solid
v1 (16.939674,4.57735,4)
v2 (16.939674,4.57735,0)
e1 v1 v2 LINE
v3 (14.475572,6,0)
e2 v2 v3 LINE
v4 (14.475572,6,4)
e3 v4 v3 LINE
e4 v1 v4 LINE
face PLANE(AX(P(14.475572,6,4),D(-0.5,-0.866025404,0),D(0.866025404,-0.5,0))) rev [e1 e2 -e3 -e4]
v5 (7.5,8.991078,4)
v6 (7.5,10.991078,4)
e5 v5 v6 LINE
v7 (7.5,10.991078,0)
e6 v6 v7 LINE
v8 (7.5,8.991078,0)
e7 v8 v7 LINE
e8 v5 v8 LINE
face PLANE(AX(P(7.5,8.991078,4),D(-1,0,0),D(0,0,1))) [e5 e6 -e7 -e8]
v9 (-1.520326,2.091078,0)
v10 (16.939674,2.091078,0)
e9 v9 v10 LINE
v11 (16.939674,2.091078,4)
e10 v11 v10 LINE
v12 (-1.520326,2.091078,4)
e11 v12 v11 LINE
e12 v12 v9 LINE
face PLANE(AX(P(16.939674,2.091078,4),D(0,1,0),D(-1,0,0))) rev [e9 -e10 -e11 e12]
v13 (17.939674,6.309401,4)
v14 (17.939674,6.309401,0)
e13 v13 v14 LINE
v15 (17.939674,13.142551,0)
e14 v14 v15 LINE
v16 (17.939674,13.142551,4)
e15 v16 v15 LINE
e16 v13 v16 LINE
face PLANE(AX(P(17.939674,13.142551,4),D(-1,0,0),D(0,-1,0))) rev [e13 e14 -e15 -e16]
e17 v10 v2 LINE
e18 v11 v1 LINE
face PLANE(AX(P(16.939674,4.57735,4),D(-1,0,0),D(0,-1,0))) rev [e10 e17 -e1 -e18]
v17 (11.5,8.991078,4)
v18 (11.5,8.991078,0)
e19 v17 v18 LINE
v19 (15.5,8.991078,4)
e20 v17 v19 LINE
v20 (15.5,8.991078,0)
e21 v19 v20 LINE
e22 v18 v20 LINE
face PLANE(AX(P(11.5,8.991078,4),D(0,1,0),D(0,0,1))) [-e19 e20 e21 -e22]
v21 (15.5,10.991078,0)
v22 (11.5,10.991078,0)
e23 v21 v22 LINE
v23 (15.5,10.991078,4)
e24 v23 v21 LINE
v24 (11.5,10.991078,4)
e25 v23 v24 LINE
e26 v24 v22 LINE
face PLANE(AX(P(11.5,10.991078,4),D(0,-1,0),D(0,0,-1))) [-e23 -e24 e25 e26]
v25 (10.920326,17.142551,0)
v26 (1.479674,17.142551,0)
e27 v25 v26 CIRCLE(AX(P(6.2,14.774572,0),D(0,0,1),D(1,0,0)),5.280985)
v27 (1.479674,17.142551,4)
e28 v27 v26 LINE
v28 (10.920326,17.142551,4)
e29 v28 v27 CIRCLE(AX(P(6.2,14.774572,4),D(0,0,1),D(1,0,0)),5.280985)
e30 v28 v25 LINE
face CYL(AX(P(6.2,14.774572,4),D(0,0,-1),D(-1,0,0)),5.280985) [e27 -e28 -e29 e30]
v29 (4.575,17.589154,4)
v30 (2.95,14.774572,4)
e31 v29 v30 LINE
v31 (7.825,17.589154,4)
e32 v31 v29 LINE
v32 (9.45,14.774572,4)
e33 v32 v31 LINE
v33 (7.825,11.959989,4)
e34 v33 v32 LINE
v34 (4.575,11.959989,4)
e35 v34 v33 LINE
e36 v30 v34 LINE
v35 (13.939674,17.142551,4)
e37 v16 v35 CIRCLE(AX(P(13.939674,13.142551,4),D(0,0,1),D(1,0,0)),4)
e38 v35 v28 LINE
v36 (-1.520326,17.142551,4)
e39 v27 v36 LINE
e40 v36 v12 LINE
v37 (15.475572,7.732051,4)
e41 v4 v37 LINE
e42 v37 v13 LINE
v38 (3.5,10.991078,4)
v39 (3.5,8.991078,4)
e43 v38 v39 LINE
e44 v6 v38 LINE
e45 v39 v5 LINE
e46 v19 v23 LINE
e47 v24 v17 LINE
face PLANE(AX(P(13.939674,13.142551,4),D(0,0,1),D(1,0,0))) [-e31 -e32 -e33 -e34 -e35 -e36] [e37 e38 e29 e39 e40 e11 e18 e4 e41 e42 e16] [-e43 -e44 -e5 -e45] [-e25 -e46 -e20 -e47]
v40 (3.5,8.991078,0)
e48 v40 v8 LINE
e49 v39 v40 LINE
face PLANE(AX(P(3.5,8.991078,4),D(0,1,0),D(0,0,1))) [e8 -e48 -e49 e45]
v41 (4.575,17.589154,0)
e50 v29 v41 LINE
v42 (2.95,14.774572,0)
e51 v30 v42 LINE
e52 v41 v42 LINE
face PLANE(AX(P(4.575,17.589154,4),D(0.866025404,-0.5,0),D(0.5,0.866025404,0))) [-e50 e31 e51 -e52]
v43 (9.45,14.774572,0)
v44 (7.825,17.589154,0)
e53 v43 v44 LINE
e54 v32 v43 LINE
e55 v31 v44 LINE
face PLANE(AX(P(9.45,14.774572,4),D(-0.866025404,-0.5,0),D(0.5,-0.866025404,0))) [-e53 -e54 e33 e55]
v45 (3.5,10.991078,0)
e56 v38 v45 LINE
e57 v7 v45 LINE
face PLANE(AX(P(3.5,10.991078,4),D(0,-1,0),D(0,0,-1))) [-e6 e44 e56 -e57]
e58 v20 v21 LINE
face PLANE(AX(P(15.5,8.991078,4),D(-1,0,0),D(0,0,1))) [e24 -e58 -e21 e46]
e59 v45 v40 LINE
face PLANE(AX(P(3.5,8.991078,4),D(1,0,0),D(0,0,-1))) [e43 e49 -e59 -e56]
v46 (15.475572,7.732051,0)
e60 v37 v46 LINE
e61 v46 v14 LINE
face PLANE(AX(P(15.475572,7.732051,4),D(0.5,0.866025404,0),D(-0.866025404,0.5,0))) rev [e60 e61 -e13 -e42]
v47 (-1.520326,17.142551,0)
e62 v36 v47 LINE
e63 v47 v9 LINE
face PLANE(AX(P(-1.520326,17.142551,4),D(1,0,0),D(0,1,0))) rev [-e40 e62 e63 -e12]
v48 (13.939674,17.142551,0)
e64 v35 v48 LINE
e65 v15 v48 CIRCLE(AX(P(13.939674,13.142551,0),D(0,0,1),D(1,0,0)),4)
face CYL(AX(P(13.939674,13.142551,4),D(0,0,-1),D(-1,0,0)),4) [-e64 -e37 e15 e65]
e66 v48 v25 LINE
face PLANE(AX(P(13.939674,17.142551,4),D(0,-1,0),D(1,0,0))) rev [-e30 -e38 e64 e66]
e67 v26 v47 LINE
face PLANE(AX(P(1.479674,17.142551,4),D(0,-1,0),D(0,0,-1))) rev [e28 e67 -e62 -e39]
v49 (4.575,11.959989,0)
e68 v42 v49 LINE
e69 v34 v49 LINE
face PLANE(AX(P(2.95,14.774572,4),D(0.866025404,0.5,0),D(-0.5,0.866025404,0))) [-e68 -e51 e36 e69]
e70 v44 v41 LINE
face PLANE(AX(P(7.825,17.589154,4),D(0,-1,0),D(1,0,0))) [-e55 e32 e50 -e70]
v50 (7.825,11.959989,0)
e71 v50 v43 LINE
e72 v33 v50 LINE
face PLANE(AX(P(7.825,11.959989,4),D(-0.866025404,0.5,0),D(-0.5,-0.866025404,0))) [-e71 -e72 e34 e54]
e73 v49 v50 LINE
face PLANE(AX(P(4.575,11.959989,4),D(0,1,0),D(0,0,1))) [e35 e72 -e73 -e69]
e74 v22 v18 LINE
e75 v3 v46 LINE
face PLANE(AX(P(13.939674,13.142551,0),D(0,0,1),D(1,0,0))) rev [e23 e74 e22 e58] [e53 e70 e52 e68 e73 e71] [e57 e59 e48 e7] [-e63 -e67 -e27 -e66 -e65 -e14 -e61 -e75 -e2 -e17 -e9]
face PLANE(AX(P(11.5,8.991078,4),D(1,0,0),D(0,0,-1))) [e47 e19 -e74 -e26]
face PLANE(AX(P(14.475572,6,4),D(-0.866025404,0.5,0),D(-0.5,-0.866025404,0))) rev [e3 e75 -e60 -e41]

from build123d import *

# Parameters (mm, degrees)
SKETCH1_W           = 4
SKETCH1_H           = 2
BOSS_EXTRUDE1_DEPTH = 4


with BuildPart() as part:
    # Sketch1 → Boss-Extrude1 (new body)
    with BuildSketch(Plane.XY):
        with BuildLine():
            Line((14.475572066, 6), (15.475572066, 7.732050808))
            Line((15.475572066, 7.732050808), (17.939673681, 6.309401077))
            Line((17.939673681, 6.309401077), (17.939673681, 13.142551265))
            ThreePointArc((17.939673681, 13.142551265), (16.768100806, 15.97097839), (13.939673681, 17.142551265))
            Line((13.939673681, 17.142551265), (10.920326319, 17.142551265))
            ThreePointArc((10.920326319, 17.142551265), (6.2, 20.055557209), (1.479673681, 17.142551265))
            Line((1.479673681, 17.142551265), (-1.520326319, 17.142551265))
            Line((-1.520326319, 17.142551265), (-1.520326319, 2.09107808))
            Line((-1.520326319, 2.09107808), (16.939673681, 2.09107808))
            Line((16.939673681, 2.09107808), (16.939673681, 4.577350269))
            Line((16.939673681, 4.577350269), (14.475572066, 6))
        make_face()
        with Locations((5.5, 9.99107808)):
            Rectangle(SKETCH1_W, SKETCH1_H, mode=Mode.SUBTRACT)
        with Locations((13.5, 9.99107808)):
            Rectangle(SKETCH1_W, SKETCH1_H, mode=Mode.SUBTRACT)
        Polygon((2.95, 14.774571729), (4.575, 11.959989167), (7.825, 11.959989167), (9.45, 14.774571729), (7.825, 17.589154291), (4.575, 17.589154291), align=None, mode=Mode.SUBTRACT)
    extrude(amount=BOSS_EXTRUDE1_DEPTH)


solid = part.part
